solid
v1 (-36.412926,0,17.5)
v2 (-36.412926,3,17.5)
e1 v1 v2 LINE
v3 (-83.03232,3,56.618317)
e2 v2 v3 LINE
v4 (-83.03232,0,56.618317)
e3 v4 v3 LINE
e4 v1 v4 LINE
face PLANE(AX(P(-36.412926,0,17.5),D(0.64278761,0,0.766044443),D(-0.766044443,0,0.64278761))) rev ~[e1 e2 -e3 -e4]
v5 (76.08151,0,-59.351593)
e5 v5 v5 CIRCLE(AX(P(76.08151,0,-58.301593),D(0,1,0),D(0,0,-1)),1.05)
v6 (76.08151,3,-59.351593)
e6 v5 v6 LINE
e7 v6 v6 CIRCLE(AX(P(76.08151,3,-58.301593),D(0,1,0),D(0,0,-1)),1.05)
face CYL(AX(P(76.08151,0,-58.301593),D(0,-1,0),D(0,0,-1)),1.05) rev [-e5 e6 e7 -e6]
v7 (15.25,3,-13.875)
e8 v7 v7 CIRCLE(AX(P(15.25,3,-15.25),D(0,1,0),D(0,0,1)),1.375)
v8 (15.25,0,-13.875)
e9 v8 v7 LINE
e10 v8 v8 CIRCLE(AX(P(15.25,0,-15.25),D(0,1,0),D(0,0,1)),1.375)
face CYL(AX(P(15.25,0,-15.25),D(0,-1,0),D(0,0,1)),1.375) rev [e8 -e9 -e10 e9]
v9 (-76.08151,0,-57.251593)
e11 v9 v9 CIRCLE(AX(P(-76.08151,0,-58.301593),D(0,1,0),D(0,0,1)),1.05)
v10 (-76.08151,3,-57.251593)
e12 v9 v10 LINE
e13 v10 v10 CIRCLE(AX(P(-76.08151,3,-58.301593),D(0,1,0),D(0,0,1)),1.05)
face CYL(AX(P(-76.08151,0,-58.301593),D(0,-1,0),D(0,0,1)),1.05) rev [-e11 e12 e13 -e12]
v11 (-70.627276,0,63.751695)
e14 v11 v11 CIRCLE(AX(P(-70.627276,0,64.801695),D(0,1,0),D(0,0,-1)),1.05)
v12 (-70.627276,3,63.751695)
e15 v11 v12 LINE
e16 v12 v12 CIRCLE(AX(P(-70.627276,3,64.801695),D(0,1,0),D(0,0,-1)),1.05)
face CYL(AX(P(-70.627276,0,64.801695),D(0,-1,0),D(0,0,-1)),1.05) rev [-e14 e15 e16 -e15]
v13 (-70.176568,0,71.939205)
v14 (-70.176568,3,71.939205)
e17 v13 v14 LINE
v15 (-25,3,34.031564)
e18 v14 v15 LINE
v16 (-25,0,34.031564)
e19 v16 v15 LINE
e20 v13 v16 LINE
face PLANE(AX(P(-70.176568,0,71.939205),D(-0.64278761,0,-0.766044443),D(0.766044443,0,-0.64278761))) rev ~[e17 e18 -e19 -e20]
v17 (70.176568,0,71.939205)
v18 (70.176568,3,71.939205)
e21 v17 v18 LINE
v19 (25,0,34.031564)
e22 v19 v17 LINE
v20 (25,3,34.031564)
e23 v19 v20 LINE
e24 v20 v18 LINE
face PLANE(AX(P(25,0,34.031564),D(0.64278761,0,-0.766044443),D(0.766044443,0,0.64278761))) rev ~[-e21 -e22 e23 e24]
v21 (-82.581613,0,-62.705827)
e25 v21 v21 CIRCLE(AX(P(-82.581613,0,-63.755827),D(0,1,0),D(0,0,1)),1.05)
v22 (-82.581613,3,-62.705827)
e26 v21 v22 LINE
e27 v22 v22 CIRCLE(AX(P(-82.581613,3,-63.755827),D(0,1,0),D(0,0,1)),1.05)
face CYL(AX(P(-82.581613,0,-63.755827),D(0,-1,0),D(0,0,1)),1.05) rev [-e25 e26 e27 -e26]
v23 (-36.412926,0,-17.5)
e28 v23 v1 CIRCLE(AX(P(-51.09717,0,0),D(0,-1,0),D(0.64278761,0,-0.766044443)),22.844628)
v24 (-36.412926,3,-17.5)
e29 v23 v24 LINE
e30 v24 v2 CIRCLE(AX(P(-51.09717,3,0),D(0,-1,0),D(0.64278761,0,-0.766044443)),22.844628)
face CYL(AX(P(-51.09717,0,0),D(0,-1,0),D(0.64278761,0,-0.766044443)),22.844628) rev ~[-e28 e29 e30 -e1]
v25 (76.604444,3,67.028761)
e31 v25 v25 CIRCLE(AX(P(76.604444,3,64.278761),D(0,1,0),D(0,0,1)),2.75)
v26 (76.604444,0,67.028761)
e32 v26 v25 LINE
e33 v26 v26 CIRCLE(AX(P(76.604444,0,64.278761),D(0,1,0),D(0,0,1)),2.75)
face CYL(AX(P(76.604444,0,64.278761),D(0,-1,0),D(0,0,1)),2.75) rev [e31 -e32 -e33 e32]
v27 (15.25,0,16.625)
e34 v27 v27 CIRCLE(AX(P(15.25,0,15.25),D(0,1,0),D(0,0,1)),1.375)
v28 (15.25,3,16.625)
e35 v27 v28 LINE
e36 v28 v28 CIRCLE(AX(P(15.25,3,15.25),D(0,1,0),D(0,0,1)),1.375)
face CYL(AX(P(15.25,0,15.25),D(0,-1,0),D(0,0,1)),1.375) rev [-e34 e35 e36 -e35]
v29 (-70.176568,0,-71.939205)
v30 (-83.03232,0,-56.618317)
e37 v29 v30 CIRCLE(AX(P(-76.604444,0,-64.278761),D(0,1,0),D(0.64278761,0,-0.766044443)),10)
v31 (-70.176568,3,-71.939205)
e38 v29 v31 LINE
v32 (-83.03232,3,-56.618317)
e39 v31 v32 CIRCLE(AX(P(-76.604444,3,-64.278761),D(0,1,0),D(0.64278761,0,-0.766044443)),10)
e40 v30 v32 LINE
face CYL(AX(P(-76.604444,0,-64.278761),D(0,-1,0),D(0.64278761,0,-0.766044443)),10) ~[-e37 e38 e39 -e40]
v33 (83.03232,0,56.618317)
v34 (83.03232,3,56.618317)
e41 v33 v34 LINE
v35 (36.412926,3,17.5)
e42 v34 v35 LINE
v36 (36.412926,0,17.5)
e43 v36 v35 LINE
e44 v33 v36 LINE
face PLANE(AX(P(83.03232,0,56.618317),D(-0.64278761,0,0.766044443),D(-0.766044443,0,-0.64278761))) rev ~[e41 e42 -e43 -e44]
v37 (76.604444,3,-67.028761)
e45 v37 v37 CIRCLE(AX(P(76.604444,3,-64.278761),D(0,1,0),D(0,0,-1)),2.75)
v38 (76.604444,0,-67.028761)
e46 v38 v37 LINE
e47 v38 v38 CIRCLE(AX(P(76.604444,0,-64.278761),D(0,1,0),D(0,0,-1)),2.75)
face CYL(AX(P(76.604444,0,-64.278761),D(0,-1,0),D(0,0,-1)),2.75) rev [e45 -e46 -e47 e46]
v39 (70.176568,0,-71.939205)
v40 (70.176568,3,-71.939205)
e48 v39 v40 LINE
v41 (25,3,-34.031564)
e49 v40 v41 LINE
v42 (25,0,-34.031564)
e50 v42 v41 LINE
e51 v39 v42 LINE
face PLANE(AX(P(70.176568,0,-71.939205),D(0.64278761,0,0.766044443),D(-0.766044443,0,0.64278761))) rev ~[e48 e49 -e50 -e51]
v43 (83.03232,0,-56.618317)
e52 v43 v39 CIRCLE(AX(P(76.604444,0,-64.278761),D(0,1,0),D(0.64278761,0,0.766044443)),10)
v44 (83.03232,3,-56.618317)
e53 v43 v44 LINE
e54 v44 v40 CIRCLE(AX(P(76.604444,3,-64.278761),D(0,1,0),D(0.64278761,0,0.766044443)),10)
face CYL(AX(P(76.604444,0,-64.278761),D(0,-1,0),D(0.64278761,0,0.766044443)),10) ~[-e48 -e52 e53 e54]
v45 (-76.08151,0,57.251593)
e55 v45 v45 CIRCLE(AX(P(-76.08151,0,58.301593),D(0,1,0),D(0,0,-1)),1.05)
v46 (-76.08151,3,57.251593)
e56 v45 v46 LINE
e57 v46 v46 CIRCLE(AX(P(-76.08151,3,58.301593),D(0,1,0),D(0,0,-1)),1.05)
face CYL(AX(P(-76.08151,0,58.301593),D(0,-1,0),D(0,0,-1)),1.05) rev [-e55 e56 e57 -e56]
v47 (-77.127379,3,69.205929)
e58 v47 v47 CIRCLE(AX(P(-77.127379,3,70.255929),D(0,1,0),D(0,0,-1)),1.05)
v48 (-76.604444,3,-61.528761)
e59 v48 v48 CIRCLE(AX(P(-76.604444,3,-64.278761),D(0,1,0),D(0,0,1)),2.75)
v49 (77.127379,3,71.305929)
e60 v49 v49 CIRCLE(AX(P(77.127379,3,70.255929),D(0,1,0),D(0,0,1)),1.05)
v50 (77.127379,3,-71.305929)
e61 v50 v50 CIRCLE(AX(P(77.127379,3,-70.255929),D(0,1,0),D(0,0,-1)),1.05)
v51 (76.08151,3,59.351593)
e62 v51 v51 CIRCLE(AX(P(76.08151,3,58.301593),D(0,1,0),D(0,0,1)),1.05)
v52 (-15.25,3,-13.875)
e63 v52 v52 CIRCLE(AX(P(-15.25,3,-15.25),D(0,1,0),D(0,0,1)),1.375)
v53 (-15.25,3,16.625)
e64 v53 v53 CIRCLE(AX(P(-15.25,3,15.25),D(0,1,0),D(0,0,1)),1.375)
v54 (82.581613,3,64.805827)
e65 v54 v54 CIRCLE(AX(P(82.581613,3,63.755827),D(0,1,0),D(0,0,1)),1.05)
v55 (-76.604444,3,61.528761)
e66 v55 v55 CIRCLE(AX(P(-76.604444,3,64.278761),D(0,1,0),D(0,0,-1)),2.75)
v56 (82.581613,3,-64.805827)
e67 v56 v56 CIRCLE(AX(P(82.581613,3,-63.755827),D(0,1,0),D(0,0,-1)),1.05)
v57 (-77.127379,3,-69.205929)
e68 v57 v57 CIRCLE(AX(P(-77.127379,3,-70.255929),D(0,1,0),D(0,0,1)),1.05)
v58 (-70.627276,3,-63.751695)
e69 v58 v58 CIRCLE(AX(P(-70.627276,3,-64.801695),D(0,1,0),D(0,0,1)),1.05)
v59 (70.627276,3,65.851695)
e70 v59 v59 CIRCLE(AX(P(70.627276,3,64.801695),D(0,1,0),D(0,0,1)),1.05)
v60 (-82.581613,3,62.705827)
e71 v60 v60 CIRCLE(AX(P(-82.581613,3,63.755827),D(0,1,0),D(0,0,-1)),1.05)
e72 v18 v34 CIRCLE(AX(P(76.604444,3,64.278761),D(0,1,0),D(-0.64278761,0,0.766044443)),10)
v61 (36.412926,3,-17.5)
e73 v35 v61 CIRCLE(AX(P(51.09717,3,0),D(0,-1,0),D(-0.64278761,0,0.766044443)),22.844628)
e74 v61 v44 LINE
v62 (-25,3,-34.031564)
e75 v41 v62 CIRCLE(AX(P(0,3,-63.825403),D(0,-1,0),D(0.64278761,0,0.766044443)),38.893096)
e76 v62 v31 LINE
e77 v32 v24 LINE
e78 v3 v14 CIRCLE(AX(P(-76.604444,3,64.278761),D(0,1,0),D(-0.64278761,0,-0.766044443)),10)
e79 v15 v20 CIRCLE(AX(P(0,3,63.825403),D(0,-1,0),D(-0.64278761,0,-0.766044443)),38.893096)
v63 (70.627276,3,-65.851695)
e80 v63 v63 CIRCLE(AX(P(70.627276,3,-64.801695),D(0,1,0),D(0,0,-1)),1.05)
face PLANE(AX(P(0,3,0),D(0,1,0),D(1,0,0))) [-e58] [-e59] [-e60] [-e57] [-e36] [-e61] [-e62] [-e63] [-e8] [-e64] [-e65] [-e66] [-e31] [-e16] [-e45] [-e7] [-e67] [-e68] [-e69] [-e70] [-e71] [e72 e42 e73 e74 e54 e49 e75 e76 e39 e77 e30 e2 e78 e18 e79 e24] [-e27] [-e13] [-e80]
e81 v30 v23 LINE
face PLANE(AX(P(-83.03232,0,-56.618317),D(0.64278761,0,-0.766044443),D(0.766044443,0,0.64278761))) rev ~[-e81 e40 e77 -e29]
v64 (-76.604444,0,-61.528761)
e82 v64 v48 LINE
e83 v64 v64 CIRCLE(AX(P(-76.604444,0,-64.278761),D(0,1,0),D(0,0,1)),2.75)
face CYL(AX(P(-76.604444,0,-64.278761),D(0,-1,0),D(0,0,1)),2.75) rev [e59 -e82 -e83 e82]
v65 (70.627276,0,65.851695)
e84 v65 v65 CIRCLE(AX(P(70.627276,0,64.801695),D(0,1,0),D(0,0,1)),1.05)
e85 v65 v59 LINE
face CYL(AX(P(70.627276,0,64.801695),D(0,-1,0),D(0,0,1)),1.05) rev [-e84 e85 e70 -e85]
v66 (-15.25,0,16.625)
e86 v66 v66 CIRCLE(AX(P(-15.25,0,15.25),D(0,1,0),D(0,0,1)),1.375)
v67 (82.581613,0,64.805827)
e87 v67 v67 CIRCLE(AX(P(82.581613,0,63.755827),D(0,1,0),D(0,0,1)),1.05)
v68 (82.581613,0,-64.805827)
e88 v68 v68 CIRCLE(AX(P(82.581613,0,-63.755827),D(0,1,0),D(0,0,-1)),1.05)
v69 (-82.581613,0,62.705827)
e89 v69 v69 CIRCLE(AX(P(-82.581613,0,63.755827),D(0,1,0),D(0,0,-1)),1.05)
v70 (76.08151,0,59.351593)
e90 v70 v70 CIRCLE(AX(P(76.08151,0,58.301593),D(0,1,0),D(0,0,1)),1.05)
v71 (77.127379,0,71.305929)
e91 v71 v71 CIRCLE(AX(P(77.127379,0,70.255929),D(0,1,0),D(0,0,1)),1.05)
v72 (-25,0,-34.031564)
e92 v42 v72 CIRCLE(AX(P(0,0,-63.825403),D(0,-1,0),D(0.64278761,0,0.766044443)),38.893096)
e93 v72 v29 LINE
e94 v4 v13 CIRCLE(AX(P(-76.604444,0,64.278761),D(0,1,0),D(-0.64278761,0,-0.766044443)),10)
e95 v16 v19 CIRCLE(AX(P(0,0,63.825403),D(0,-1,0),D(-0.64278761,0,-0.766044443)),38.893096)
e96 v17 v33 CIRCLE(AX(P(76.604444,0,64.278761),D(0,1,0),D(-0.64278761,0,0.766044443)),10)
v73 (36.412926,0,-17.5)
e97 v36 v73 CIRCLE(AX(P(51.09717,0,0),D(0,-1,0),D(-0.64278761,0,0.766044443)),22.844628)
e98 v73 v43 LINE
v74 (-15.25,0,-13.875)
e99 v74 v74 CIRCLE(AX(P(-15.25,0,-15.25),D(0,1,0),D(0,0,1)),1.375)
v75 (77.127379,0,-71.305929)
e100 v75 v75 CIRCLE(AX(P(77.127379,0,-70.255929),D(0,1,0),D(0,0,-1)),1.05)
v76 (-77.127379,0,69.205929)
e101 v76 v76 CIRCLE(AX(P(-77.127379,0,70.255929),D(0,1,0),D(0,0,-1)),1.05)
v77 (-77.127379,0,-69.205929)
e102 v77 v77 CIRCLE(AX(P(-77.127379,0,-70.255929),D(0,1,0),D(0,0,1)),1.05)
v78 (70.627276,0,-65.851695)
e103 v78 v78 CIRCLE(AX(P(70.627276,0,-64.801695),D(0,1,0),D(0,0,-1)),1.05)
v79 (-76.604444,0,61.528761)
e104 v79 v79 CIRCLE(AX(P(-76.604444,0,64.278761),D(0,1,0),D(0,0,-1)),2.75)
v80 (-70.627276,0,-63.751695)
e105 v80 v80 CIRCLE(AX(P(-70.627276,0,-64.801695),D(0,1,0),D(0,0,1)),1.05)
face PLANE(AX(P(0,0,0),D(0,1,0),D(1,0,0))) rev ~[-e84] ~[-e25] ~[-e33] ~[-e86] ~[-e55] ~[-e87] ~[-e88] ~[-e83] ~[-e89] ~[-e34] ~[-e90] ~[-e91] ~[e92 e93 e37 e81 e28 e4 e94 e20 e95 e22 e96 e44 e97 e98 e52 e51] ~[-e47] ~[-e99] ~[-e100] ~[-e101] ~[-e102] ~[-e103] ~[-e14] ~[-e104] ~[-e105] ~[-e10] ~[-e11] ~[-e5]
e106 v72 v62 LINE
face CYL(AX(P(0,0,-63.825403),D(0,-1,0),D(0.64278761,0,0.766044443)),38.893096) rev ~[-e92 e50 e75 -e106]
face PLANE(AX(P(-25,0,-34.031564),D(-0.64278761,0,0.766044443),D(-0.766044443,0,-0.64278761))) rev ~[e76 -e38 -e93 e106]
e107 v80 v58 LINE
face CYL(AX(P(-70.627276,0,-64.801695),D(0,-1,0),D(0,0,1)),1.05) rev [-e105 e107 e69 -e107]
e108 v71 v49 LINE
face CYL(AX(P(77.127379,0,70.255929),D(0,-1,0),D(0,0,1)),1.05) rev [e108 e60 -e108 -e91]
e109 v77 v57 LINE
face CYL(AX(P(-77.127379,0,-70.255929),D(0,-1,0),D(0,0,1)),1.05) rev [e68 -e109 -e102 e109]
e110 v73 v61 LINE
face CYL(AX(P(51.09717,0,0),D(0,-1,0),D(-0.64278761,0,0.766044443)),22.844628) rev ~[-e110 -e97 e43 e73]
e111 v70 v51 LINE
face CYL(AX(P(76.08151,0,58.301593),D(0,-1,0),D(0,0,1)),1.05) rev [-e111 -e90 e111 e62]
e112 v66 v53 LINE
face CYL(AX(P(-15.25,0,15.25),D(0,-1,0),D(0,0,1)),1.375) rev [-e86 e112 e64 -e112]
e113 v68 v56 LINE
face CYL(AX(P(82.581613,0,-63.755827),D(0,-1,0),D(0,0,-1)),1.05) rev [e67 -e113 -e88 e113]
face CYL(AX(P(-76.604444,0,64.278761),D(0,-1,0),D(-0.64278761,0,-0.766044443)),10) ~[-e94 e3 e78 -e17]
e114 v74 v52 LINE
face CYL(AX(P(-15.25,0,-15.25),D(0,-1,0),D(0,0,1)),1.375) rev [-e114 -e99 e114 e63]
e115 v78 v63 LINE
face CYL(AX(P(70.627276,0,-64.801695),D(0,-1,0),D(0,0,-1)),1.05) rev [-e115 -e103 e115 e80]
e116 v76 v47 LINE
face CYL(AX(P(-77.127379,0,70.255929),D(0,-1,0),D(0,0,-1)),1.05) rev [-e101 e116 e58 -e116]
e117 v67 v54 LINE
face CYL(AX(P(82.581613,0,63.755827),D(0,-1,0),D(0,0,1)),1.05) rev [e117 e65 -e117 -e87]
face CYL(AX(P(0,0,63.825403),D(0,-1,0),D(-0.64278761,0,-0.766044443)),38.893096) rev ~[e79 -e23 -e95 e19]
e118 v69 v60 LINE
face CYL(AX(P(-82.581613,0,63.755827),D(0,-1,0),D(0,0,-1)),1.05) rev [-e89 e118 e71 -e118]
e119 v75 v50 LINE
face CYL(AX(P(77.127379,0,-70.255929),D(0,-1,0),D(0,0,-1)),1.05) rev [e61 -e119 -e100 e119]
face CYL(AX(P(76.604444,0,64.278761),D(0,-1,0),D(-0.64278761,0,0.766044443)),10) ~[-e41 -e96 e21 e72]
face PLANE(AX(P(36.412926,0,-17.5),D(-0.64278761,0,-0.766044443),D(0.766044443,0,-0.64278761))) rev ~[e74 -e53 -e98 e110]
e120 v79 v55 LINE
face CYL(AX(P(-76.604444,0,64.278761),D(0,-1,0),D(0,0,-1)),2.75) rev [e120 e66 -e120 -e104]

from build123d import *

# Parameters (mm, degrees)
SKETCH2_R           = 1.05
SKETCH2_R_2         = 2.75
BOSS_EXTRUDE2_DEPTH = 3
SKETCH4_R           = 1.375
CUT_EXTRUDE1_DEPTH  = 3


with BuildPart() as part:
    # Sketch2 → Boss-Extrude2 (new body)
    with BuildSketch(Plane(origin=(0, 0, 0), x_dir=(1, 0, 0), z_dir=(0, 1, 0))):
        with BuildLine():
            Line((-83.032320409, 56.618316537), (-36.412926139, 17.5))
            ThreePointArc((-36.412926139, 17.5), (-28.252542121, 0), (-36.412926139, -17.5))
            Line((-36.412926139, -17.5), (-83.032320409, -56.618316537))
            ThreePointArc((-83.032320409, -56.618316537), (-84.264888743, -70.706637066), (-70.176568215, -71.9392054))
            Line((-70.176568215, -71.9392054), (-25, -34.031563673))
            ThreePointArc((-25, -34.031563673), (0, -24.932307816), (25, -34.031563673))
            Line((25, -34.031563673), (70.176568215, -71.9392054))
            ThreePointArc((70.176568215, -71.9392054), (84.264888743, -70.706637066), (83.032320409, -56.618316537))
            Line((83.032320409, -56.618316537), (36.412926139, -17.5))
            ThreePointArc((36.412926139, -17.5), (28.252542121, 0), (36.412926139, 17.5))
            Line((36.412926139, 17.5), (83.032320409, 56.618316537))
            ThreePointArc((83.032320409, 56.618316537), (84.264888743, 70.706637066), (70.176568215, 71.9392054))
            Line((70.176568215, 71.9392054), (25, 34.031563673))
            ThreePointArc((25, 34.031563673), (0, 24.932307816), (-25, 34.031563673))
            Line((-25, 34.031563673), (-70.176568215, 71.9392054))
            ThreePointArc((-70.176568215, 71.9392054), (-84.264888743, 70.706637066), (-83.032320409, 56.618316537))
        make_face()
        with Locations(Location((-77.127378768, 70.255929157, 0), (0, 0, 270))):
            Circle(SKETCH2_R, mode=Mode.SUBTRACT)
        with Locations(Location((-70.627276123, 64.801695425, 0), (0, 0, 270))):
            Circle(SKETCH2_R, mode=Mode.SUBTRACT)
        with Locations(Location((-76.081509855, 58.30159278, 0), (0, 0, 270))):
            Circle(SKETCH2_R, mode=Mode.SUBTRACT)
        with Locations(Location((-82.5816125, 63.755826512, 0), (0, 0, 270))):
            Circle(SKETCH2_R, mode=Mode.SUBTRACT)
        with Locations(Location((-76.604444312, 64.278760969, 0), (0, 0, 270))):
            Circle(SKETCH2_R_2, mode=Mode.SUBTRACT)
        with Locations(Location((-77.127378768, -70.255929157, 0), (0, 0, 90))):
            Circle(SKETCH2_R, mode=Mode.SUBTRACT)
        with Locations(Location((-76.081509855, -58.30159278, 0), (0, 0, 90))):
            Circle(SKETCH2_R, mode=Mode.SUBTRACT)
        with Locations(Location((-82.5816125, -63.755826512, 0), (0, 0, 90))):
            Circle(SKETCH2_R, mode=Mode.SUBTRACT)
        with Locations(Location((-76.604444312, -64.278760969, 0), (0, 0, 90))):
            Circle(SKETCH2_R_2, mode=Mode.SUBTRACT)
        with Locations(Location((-70.627276123, -64.801695425, 0), (0, 0, 90))):
            Circle(SKETCH2_R, mode=Mode.SUBTRACT)
        with Locations(Location((70.627276123, -64.801695425, 0), (0, 0, 270))):
            Circle(SKETCH2_R, mode=Mode.SUBTRACT)
        with Locations(Location((76.604444312, -64.278760969, 0), (0, 0, 270))):
            Circle(SKETCH2_R_2, mode=Mode.SUBTRACT)
        with Locations(Location((82.5816125, -63.755826512, 0), (0, 0, 270))):
            Circle(SKETCH2_R, mode=Mode.SUBTRACT)
        with Locations(Location((76.081509855, -58.30159278, 0), (0, 0, 270))):
            Circle(SKETCH2_R, mode=Mode.SUBTRACT)
        with Locations(Location((77.127378768, -70.255929157, 0), (0, 0, 270))):
            Circle(SKETCH2_R, mode=Mode.SUBTRACT)
        with Locations(Location((76.604444312, 64.278760969, 0), (0, 0, 90))):
            Circle(SKETCH2_R_2, mode=Mode.SUBTRACT)
        with Locations(Location((82.5816125, 63.755826512, 0), (0, 0, 90))):
            Circle(SKETCH2_R, mode=Mode.SUBTRACT)
        with Locations(Location((76.081509855, 58.30159278, 0), (0, 0, 90))):
            Circle(SKETCH2_R, mode=Mode.SUBTRACT)
        with Locations(Location((70.627276123, 64.801695425, 0), (0, 0, 90))):
            Circle(SKETCH2_R, mode=Mode.SUBTRACT)
        with Locations(Location((77.127378768, 70.255929157, 0), (0, 0, 90))):
            Circle(SKETCH2_R, mode=Mode.SUBTRACT)
    extrude(amount=BOSS_EXTRUDE2_DEPTH)

    # Sketch4 → Cut-Extrude1 (cut)
    with BuildSketch(Plane(origin=(0, 0, 0), x_dir=(1, 0, 0), z_dir=(0, 1, 0))):
        with Locations(Location((-15.25, 15.25, 0), (0, 0, 270))):
            Circle(SKETCH4_R)
        with Locations(Location((15.25, -15.25, 0), (0, 0, 270))):
            Circle(SKETCH4_R)
        with Locations(Location((-15.25, -15.25, 0), (0, 0, 270))):
            Circle(SKETCH4_R)
        with Locations(Location((15.25, 15.25, 0), (0, 0, 270))):
            Circle(SKETCH4_R)
    extrude(amount=CUT_EXTRUDE1_DEPTH, mode=Mode.SUBTRACT)


solid = part.part
